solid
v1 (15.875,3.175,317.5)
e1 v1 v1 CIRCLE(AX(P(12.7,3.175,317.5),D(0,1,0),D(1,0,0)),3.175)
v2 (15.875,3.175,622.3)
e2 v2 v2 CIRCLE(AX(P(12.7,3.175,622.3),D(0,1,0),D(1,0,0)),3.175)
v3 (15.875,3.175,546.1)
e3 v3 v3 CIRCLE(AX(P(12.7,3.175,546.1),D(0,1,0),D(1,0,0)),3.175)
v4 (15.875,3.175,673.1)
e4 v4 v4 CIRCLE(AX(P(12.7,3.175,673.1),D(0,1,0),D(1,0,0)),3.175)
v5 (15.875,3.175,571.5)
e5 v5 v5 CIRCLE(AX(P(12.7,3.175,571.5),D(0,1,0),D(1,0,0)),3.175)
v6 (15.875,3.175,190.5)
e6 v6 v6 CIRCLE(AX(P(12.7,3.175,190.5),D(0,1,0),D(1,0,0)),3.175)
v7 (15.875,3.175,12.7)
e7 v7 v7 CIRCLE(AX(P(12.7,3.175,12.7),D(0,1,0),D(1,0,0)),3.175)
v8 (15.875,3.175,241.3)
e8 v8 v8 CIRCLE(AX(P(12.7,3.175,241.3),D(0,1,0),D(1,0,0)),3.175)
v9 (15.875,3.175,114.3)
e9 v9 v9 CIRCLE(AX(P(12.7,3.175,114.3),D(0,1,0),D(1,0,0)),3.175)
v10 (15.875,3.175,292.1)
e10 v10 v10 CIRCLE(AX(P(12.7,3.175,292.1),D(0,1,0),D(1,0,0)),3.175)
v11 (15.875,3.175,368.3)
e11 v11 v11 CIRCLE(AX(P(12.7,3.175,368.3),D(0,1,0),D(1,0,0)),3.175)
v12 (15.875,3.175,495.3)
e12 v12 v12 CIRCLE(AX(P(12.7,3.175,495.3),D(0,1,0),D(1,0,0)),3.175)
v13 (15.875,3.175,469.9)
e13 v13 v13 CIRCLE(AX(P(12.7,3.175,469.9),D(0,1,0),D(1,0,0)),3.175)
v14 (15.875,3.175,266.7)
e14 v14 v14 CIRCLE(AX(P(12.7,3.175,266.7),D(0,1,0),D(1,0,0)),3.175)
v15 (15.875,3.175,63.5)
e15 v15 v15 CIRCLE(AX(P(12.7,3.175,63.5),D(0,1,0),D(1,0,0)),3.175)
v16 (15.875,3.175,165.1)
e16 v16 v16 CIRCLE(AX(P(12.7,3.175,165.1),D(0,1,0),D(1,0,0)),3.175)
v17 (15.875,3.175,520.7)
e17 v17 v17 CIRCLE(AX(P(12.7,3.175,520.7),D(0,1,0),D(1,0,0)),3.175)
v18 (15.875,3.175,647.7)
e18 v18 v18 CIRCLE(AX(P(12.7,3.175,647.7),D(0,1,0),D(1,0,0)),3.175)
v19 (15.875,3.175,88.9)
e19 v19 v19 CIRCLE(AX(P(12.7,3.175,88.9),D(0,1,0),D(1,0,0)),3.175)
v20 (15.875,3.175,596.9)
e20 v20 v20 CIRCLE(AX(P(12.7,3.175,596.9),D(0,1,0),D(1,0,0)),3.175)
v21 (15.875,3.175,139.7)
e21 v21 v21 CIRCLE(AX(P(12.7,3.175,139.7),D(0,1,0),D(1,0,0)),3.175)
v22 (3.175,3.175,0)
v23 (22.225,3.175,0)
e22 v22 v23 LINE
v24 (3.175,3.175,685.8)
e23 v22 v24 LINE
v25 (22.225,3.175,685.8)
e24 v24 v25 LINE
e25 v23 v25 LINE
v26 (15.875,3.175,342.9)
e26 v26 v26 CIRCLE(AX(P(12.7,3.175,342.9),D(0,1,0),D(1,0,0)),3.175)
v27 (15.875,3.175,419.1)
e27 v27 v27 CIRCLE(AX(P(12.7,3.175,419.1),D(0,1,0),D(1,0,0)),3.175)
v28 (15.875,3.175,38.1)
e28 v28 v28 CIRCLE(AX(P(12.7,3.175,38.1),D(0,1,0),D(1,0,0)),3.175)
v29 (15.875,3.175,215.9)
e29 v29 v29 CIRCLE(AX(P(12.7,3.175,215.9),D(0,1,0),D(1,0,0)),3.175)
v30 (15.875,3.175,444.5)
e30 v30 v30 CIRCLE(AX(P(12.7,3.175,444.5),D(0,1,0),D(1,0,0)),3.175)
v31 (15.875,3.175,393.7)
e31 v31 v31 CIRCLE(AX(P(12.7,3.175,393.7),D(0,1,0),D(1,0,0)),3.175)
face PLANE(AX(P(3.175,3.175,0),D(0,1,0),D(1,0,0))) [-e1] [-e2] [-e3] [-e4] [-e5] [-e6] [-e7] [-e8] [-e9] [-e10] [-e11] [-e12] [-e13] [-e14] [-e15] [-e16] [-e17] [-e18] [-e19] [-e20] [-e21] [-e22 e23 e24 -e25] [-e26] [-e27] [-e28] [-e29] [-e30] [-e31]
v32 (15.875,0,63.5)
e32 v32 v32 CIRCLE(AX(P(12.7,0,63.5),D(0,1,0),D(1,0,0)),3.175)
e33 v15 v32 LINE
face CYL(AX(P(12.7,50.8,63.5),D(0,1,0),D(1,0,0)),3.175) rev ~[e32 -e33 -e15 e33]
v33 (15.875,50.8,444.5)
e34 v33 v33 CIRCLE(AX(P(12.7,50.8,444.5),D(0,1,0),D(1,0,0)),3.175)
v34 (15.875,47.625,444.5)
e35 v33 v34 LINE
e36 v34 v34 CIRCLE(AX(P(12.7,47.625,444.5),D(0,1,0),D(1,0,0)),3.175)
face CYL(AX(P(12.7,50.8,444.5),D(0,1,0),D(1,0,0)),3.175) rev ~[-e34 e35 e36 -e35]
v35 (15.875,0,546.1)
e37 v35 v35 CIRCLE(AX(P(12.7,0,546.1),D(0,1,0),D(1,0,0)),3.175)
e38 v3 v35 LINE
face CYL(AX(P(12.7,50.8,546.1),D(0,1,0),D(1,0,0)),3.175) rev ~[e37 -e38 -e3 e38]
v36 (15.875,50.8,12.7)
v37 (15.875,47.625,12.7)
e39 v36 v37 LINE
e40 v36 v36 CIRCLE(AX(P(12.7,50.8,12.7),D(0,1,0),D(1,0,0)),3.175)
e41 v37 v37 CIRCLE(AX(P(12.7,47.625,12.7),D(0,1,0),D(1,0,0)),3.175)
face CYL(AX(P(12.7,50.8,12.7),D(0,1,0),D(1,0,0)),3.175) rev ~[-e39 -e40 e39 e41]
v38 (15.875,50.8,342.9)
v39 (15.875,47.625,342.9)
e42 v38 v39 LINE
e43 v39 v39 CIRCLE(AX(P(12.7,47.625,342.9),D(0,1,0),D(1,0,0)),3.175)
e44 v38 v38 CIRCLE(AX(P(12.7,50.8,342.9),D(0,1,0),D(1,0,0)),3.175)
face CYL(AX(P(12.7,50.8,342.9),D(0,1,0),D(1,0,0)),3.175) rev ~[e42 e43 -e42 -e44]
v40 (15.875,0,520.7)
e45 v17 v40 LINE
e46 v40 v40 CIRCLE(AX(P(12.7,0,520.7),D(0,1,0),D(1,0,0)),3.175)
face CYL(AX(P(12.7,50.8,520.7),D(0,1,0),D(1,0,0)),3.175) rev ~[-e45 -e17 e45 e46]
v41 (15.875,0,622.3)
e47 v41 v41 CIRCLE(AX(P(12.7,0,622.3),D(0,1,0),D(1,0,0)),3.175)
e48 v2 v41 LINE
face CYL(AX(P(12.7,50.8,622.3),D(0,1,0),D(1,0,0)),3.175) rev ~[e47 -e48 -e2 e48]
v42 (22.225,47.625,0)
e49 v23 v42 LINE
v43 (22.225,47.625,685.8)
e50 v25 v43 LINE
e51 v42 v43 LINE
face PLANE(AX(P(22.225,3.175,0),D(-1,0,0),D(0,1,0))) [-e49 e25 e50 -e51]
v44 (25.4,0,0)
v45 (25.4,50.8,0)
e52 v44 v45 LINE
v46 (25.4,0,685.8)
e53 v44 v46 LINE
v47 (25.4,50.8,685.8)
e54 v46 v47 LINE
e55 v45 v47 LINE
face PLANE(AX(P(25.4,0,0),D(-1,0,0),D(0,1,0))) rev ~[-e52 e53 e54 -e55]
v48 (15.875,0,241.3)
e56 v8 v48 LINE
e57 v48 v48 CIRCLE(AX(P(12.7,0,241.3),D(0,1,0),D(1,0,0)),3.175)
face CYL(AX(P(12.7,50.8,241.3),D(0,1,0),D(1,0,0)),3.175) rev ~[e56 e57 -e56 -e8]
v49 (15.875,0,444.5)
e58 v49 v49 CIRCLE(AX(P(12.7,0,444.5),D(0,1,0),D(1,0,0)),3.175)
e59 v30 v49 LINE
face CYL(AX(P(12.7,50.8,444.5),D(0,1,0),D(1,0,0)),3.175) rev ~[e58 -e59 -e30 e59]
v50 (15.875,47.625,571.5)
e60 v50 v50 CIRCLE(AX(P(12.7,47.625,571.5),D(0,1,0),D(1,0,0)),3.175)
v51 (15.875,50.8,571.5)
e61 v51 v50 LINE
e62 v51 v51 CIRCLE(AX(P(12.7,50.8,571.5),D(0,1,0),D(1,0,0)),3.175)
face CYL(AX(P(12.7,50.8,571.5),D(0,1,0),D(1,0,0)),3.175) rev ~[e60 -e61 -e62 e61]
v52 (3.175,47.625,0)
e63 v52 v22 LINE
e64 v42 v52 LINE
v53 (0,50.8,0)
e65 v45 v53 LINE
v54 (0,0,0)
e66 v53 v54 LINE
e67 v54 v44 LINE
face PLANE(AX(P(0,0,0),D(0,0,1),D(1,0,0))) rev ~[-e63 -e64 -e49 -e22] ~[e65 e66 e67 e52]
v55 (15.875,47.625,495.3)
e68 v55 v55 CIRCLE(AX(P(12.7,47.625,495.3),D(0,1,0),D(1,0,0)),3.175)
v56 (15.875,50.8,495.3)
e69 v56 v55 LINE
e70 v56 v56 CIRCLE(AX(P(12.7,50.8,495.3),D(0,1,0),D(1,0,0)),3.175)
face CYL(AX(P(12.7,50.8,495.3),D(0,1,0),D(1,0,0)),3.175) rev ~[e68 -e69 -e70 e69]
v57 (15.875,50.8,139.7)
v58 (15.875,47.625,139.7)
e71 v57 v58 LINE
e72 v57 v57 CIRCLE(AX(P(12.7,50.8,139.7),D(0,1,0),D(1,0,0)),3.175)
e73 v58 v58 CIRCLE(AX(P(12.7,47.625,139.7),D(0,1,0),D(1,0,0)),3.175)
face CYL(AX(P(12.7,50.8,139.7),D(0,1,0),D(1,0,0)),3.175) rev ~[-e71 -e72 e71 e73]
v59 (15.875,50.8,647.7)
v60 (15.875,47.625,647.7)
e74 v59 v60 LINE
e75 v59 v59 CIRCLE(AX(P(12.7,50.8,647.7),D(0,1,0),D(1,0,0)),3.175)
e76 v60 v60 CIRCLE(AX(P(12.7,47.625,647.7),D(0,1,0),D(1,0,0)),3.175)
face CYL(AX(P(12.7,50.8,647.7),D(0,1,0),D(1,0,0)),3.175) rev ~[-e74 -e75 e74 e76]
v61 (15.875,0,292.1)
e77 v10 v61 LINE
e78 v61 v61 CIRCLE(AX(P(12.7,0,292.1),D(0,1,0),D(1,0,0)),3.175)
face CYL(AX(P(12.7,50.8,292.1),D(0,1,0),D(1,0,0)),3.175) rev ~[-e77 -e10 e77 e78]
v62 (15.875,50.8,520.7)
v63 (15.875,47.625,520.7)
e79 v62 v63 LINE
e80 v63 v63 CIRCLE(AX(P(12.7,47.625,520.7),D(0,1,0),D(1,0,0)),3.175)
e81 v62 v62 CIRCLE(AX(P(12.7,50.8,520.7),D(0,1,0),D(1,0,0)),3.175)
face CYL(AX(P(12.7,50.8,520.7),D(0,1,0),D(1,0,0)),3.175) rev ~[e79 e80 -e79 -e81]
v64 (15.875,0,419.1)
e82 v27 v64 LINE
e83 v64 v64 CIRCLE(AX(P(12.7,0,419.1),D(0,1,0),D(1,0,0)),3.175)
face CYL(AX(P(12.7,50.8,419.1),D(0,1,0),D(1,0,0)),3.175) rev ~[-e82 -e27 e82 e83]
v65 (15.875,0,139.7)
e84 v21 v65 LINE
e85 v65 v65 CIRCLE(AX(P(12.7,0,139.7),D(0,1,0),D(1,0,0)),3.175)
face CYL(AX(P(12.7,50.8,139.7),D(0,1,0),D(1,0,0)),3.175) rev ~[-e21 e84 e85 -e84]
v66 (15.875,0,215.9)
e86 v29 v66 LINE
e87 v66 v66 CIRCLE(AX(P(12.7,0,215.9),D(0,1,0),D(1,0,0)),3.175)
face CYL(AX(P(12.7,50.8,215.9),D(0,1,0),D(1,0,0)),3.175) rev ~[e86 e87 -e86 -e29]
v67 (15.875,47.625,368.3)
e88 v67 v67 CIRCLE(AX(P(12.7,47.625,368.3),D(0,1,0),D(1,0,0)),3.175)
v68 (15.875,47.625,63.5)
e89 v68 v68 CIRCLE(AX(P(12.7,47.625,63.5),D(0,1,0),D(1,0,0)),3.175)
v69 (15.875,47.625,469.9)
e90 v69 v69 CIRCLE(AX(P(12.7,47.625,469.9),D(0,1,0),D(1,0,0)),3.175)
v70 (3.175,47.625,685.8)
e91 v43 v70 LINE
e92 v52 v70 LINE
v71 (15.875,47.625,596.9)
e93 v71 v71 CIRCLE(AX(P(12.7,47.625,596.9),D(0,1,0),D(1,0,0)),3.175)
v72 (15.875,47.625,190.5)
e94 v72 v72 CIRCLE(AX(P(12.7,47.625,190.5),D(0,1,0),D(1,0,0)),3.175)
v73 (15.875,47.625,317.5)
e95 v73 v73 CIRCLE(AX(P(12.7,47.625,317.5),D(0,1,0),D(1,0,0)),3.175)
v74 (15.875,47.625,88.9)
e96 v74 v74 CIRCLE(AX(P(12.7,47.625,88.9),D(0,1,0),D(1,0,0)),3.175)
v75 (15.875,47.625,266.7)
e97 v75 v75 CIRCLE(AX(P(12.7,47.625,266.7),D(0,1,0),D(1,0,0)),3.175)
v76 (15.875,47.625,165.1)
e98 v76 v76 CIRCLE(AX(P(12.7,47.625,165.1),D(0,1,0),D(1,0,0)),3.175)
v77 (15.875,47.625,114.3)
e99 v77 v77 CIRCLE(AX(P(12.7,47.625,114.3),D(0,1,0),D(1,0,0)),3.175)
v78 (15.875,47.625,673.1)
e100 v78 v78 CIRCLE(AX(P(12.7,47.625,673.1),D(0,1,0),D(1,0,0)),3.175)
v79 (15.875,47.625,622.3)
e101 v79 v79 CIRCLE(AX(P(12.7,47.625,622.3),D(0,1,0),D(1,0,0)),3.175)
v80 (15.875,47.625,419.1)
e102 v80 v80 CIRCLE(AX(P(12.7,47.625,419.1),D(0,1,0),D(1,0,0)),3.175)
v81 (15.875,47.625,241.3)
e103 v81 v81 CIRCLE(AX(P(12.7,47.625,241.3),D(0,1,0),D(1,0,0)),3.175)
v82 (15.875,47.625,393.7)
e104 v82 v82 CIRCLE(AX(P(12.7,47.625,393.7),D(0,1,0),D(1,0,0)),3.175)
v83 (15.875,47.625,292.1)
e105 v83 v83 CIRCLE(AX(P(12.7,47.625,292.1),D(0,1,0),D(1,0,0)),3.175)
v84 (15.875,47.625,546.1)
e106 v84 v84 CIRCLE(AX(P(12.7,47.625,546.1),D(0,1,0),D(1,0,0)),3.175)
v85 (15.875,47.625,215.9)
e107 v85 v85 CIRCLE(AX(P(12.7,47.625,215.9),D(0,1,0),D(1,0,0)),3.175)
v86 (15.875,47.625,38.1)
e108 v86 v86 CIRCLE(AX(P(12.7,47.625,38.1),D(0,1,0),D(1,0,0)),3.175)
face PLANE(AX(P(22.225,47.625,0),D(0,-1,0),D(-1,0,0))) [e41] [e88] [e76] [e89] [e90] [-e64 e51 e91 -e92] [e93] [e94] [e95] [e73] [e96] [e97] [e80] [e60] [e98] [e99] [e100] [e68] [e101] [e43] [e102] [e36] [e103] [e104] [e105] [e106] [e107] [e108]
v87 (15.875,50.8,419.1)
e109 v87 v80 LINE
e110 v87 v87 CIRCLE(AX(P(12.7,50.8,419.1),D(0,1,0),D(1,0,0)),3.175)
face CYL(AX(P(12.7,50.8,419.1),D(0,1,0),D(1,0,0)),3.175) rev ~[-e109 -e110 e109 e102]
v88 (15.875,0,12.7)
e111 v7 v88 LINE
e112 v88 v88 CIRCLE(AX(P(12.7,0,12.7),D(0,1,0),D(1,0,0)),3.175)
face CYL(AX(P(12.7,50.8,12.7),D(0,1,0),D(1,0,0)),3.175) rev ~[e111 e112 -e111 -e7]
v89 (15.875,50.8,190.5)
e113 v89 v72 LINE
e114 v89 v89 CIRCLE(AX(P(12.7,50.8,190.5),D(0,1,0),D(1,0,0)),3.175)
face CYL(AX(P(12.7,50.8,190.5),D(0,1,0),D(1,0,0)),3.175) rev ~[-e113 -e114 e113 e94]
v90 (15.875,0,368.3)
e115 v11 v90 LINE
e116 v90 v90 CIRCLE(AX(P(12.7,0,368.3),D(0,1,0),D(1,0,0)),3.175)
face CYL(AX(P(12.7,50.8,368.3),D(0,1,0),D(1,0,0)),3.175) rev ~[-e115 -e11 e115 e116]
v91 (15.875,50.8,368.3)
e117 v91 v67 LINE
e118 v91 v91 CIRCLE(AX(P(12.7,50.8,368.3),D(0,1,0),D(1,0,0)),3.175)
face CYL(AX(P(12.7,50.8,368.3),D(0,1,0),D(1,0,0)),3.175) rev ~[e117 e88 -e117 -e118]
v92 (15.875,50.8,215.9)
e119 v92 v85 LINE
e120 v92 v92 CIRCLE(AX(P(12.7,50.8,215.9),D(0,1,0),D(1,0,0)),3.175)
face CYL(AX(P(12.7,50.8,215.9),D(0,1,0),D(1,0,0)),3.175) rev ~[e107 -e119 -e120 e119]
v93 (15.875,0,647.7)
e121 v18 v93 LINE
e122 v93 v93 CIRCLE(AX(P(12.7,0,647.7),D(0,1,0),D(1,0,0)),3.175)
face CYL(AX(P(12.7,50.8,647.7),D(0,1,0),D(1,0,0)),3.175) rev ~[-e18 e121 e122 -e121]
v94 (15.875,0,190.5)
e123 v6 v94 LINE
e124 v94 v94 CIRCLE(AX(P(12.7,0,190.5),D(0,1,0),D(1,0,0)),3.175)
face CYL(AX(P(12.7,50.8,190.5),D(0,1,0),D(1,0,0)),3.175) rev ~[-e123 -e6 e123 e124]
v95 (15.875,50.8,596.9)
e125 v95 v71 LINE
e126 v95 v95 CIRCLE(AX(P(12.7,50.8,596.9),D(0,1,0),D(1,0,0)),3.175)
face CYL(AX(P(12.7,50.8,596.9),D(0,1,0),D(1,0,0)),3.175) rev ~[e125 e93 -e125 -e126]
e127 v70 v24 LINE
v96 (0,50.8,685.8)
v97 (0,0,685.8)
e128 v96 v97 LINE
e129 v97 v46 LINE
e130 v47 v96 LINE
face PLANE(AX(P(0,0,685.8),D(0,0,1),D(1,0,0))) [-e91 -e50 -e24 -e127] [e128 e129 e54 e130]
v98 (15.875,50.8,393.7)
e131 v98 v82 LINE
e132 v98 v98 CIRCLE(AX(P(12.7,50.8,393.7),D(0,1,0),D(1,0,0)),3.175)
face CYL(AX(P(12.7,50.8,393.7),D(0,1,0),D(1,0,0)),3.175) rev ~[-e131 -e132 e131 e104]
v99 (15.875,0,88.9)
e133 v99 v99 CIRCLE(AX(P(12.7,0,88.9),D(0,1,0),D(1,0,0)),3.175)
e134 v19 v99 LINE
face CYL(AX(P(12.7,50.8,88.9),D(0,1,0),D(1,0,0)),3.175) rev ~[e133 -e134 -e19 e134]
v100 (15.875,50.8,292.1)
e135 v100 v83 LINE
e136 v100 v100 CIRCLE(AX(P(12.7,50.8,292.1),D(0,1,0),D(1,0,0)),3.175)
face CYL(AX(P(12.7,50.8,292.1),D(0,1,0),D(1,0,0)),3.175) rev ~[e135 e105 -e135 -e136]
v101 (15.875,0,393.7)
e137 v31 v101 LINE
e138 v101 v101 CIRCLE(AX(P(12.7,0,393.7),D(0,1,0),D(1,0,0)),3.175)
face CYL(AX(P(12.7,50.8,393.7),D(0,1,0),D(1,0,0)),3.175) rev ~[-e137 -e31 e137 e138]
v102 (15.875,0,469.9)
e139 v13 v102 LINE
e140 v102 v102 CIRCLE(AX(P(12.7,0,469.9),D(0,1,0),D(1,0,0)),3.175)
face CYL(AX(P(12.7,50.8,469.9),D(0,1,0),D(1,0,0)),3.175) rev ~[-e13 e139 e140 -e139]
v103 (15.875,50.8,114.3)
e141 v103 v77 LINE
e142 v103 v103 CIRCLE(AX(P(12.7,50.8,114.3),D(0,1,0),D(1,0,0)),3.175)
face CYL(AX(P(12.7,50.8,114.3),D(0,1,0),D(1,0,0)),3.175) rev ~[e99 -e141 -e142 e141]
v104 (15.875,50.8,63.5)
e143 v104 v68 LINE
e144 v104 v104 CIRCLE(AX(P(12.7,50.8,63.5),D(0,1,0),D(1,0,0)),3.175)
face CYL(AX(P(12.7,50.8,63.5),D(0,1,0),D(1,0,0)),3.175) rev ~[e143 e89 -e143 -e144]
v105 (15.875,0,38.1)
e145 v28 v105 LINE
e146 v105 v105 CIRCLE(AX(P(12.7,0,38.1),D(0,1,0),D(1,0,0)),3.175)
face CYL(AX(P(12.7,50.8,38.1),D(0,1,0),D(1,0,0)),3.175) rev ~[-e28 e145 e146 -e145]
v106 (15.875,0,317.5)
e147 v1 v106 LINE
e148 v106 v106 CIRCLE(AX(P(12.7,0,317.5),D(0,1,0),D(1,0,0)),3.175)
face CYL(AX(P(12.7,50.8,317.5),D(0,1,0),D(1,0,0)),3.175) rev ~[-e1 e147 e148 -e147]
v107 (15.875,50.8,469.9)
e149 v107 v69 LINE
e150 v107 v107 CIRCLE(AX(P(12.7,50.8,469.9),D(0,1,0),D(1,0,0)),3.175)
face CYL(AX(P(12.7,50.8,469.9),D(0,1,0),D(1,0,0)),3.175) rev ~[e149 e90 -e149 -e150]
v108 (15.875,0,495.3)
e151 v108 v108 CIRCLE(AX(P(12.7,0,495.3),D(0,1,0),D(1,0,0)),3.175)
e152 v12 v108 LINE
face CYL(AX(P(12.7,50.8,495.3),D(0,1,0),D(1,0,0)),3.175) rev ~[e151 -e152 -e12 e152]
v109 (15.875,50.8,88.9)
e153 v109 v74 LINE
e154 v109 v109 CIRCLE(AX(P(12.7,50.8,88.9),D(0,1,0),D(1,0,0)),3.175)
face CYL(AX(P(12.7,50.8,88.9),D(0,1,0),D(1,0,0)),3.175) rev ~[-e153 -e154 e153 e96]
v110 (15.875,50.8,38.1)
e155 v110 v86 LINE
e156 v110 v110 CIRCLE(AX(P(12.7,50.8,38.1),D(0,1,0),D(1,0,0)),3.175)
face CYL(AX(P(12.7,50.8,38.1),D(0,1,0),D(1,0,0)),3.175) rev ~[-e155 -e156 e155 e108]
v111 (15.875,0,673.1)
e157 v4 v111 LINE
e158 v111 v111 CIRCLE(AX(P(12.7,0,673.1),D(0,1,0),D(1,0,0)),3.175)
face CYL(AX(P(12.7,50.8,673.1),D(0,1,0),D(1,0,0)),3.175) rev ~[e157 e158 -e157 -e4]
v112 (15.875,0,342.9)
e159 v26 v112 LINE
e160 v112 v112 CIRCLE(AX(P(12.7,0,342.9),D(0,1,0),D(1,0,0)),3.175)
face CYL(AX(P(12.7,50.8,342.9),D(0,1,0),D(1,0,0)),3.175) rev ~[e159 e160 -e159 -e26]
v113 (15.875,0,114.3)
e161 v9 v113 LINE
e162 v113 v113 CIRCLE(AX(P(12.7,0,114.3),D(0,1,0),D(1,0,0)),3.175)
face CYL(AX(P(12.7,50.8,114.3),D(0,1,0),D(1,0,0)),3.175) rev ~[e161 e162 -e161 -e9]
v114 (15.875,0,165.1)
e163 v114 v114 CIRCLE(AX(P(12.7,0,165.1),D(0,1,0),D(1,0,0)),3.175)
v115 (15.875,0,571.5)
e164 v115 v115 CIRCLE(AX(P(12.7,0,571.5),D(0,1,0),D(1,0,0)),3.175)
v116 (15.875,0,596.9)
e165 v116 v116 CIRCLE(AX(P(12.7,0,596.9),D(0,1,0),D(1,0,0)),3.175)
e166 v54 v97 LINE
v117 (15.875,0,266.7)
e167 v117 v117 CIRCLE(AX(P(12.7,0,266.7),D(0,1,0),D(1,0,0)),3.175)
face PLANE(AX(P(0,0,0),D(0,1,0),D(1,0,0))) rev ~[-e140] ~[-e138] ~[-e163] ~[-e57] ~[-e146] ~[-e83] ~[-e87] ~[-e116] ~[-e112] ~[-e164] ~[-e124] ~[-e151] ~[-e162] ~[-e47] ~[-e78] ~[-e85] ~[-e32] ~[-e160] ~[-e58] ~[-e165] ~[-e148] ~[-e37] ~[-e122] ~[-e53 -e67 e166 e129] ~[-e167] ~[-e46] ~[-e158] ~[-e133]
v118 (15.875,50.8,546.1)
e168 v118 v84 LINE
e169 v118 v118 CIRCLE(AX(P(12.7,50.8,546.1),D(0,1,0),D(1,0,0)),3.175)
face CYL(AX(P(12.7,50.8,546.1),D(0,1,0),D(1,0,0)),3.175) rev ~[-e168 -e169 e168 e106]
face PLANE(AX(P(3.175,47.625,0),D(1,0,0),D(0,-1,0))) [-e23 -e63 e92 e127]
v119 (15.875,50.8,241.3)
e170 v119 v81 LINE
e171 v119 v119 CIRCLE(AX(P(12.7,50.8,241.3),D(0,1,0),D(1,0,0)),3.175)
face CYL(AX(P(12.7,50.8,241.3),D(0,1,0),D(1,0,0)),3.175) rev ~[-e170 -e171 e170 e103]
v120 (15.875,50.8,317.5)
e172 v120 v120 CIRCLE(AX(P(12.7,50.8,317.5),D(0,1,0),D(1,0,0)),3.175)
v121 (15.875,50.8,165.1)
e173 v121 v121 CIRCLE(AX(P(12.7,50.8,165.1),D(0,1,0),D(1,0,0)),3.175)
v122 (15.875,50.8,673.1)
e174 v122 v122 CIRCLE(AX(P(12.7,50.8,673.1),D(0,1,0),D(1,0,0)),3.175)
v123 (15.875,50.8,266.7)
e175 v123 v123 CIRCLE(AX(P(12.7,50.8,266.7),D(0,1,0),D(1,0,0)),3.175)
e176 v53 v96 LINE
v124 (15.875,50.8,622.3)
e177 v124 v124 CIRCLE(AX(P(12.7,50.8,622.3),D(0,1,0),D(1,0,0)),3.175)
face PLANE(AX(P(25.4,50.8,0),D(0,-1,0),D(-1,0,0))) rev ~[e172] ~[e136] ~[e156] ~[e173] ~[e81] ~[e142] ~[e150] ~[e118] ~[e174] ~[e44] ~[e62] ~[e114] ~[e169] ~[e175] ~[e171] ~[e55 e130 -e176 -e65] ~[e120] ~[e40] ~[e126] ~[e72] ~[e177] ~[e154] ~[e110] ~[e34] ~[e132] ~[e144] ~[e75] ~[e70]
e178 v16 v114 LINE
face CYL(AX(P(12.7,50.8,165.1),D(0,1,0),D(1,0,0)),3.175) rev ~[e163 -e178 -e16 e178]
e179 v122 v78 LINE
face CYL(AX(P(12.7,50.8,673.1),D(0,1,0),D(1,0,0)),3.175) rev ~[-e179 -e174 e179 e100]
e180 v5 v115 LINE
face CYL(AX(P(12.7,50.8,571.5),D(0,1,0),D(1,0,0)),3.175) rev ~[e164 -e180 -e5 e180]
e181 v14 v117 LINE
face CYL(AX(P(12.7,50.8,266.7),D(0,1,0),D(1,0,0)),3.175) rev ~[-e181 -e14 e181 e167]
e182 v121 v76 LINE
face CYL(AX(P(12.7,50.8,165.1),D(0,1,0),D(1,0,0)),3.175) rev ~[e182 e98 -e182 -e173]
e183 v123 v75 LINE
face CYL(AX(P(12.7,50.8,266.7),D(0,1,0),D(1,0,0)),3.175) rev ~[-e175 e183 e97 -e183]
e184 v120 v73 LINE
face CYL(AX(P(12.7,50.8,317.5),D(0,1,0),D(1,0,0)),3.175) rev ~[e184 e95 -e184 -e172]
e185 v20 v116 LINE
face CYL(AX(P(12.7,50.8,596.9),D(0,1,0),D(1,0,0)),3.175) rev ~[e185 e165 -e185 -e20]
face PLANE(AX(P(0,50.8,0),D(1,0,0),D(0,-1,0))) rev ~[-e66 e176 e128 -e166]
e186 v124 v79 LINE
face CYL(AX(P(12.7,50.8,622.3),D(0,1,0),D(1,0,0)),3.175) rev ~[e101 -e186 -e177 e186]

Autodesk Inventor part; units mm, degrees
ref_plane "YZ Plane" through (0, 0, 0) normal (1, 0, 0) x (0, 1, 0)
ref_plane "XZ Plane" through (0, 0, 0) normal (0, 1, 0) x (-1, 0, 0)
ref_plane "XY Plane" through (0, 0, 0) normal (0, 0, 1) x (1, 0, 0)
sketch "Sketch1" plane through (0, 0, 0) normal (0, 0, 1) x (1, 0, 0)
  line L0 (0, 0) -> (25.4, 0)
  line L1 (25.4, 0) -> (25.4, 50.8)
  line L2 (25.4, 50.8) -> (0, 50.8)
  line L3 (0, 50.8) -> (0, 0)
  line L4 (3.175, 3.175) -> (22.225, 3.175)
  line L5 (22.225, 3.175) -> (22.225, 47.625)
  line L6 (22.225, 47.625) -> (3.175, 47.625)
  line L7 (3.175, 47.625) -> (3.175, 3.175)
  dimension "d0" = 50.8
  dimension "d1" = 25.4
  dimension "d2" = 3.175
  dimension "d3" = 3.175
  dimension "d4" = 3.175
  dimension "d5" = 3.175
extrude "Extrusion1" add sketch "Sketch1" along normal blind 685.8
sketch "Sketch2" plane through (0, 50.8, 0) normal (0, 1, 0) x (1, 0, 0)
  line L0 (25.4, 0) -> (25.4, -685.8) projected
  line L1 (25.4, 0) -> (0, 0) projected
  circle A0 centre (12.7, -12.7) radius 3.175
  dimension "d8" = 6.35
  dimension "d9" = 12.7
  dimension "d10" = 12.7
extrude "Extrusion2" cut sketch "Sketch2" against normal through all
pattern_linear "Rectangular Pattern1" count 27 spacing 25.4 along (0, 0, 1) of "Extrusion2"
properties part number "OuterCrossRail" material "Aluminum-6061"
